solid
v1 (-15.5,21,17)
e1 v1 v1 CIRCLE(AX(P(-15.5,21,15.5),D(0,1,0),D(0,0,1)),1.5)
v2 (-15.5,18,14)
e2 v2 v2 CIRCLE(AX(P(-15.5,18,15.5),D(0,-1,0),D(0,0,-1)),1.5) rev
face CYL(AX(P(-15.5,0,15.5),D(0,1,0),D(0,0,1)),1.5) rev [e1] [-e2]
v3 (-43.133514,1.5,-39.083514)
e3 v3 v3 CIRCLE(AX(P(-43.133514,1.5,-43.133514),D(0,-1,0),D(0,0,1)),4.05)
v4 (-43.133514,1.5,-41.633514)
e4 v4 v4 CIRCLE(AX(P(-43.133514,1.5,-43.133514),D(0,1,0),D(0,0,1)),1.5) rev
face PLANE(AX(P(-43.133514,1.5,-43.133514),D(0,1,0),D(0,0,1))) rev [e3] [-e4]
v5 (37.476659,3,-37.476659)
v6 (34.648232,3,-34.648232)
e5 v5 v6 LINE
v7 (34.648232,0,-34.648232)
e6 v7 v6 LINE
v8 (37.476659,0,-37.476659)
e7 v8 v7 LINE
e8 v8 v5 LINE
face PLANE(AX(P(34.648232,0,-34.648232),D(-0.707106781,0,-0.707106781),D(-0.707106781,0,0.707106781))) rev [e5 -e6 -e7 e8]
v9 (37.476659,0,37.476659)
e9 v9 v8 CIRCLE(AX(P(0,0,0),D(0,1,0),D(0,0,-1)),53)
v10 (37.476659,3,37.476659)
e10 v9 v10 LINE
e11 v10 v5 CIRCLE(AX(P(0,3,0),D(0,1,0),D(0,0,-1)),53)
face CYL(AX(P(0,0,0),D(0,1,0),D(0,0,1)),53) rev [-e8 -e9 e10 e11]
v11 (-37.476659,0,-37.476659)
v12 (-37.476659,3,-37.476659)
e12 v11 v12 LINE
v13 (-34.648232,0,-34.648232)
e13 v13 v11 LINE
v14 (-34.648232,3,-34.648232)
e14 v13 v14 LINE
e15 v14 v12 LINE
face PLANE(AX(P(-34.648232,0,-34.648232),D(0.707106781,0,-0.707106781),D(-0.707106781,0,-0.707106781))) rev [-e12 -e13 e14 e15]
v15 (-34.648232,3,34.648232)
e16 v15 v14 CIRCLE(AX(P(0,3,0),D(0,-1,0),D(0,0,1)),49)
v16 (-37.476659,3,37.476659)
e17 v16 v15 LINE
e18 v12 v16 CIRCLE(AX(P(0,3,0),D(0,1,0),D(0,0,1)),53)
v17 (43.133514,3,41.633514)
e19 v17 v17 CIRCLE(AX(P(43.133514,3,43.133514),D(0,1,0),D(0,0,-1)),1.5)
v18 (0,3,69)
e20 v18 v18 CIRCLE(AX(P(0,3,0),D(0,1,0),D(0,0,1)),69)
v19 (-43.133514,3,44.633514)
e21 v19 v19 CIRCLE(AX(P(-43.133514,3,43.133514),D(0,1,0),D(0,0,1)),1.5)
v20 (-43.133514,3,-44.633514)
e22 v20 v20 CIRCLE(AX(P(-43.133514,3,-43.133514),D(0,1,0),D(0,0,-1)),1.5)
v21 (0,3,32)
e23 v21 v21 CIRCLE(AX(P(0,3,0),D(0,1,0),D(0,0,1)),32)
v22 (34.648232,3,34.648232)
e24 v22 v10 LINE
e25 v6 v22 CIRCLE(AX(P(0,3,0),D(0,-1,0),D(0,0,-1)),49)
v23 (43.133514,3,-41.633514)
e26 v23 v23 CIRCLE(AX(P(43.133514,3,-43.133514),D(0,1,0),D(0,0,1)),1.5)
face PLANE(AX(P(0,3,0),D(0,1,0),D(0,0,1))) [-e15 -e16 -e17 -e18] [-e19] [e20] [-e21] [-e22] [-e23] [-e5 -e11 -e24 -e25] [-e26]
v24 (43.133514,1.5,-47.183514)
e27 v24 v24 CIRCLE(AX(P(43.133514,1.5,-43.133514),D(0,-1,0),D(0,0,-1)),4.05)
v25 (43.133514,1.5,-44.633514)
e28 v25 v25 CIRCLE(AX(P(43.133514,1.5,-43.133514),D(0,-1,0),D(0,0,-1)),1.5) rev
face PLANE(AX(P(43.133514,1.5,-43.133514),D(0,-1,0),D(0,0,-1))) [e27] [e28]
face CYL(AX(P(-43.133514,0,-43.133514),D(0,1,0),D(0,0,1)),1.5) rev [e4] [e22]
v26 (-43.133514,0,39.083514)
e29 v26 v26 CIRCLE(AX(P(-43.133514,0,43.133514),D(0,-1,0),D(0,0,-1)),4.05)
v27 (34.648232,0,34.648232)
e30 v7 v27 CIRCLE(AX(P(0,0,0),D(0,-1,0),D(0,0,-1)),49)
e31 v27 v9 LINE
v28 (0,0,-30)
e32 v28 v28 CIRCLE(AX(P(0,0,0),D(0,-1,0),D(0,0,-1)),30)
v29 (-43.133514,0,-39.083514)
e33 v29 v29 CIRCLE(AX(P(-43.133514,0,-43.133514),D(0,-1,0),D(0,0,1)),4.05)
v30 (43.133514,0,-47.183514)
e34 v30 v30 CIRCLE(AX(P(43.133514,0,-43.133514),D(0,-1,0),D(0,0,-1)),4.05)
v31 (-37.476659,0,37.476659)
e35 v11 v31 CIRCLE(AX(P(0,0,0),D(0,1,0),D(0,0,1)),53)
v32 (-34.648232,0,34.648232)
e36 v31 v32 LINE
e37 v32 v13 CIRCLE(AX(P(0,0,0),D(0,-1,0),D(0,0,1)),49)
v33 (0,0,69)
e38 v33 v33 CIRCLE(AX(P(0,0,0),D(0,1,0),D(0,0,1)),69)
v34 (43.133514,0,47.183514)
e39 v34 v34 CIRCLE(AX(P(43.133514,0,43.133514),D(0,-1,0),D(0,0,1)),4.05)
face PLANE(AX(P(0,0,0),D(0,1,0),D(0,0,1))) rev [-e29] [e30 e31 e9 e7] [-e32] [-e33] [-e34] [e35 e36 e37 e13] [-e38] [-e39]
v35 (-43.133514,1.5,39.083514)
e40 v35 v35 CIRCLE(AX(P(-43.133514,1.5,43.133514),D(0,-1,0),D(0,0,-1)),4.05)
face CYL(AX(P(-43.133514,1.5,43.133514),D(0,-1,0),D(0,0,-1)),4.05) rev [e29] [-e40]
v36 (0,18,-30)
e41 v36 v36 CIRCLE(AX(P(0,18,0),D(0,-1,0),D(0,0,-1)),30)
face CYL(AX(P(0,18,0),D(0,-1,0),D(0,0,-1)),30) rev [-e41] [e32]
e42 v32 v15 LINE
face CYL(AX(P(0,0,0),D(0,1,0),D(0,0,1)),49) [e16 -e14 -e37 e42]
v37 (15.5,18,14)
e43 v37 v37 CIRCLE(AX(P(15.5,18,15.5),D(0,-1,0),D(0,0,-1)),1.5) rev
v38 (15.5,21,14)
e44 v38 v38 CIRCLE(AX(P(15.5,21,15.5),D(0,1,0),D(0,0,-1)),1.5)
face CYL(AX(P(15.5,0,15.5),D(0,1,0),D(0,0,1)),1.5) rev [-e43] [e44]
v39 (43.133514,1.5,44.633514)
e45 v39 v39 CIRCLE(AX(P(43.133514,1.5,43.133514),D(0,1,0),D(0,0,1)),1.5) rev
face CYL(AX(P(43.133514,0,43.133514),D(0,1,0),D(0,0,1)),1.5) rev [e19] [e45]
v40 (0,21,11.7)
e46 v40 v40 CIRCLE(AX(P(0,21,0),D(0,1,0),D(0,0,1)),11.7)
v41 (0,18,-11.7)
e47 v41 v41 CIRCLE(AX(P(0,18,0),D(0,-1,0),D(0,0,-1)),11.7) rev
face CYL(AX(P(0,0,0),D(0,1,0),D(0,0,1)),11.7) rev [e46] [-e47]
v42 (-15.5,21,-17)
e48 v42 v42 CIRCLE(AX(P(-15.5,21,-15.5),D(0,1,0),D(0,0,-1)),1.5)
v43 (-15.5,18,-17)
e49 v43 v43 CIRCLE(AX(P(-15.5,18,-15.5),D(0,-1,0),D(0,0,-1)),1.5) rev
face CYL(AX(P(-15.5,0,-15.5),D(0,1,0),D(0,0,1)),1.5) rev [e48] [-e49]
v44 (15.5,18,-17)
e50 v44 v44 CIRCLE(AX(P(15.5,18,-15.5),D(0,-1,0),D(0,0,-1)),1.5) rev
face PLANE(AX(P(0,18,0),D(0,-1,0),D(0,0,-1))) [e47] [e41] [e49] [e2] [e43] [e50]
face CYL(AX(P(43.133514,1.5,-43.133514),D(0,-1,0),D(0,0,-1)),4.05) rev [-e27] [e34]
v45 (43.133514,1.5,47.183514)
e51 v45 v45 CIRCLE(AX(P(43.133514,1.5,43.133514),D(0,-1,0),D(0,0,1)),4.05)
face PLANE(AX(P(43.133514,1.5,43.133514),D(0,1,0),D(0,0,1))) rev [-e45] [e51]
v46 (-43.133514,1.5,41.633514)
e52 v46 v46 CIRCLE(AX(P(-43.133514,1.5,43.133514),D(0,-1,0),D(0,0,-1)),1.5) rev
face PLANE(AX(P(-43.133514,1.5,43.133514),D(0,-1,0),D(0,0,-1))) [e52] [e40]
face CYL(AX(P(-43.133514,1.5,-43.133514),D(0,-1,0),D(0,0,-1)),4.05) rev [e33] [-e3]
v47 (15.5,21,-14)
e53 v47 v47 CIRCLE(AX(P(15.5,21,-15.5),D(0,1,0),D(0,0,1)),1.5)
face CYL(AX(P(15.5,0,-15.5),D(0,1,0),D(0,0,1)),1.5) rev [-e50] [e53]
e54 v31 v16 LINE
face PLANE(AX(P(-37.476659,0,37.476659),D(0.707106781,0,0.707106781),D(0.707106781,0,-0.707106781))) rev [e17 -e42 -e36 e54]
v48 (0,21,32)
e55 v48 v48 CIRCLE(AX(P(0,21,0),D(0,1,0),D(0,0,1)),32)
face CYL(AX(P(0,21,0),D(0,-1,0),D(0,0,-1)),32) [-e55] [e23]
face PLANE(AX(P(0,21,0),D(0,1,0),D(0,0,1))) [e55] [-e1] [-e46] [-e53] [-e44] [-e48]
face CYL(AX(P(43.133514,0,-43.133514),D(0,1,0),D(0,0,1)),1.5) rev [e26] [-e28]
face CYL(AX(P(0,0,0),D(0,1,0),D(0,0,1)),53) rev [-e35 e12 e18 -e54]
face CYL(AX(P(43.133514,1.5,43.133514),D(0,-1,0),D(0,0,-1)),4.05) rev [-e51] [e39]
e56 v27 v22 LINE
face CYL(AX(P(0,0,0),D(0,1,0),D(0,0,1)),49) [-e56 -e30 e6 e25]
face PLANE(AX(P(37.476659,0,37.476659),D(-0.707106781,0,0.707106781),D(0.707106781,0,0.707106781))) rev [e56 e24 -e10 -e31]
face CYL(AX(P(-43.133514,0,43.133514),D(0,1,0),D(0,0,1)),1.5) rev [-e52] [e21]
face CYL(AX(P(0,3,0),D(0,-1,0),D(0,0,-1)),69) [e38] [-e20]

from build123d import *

# Parameters (mm, degrees)
SKETCH1_R           = 69
BOSS_EXTRUDE1_DEPTH = 3
SKETCH2_R           = 32
BOSS_EXTRUDE2_DEPTH = 18
SKETCH3_R           = 11.7
SKETCH3_R_2         = 1.5
CUT_EXTRUDE1_DEPTH  = 22
SKETCH6_R           = 30
CUT_EXTRUDE3_DEPTH  = 18
SKETCH7_R           = 1.5
CUT_EXTRUDE5_DEPTH  = 4
SKETCH8_R           = 4.05
CUT_EXTRUDE6_DEPTH  = 1.5


with BuildPart() as part:
    # Sketch1 → Boss-Extrude1 (new body)
    with BuildSketch(Plane(origin=(0, 0, 0), x_dir=(1, 0, 0), z_dir=(0, 1, 0))):
        Circle(SKETCH1_R)
    extrude(amount=BOSS_EXTRUDE1_DEPTH)

    # Sketch2 → Boss-Extrude2 (add)
    with BuildSketch(Plane(origin=(0, 3, 0), x_dir=(1, 0, 0), z_dir=(0, 1, 0))):
        Circle(SKETCH2_R)
    extrude(amount=BOSS_EXTRUDE2_DEPTH)

    # Sketch3 → Cut-Extrude1 (cut, through all)
    with BuildSketch(Plane(origin=(0, 21, 0), x_dir=(1, 0, 0), z_dir=(0, 1, 0))):
        Circle(SKETCH3_R)
        with Locations((15.5, 15.5)):
            Circle(SKETCH3_R_2)
        with Locations((-15.5, 15.5)):
            Circle(SKETCH3_R_2)
        with Locations((15.5, -15.5)):
            Circle(SKETCH3_R_2)
        with Locations((-15.5, -15.5)):
            Circle(SKETCH3_R_2)
    extrude(amount=-CUT_EXTRUDE1_DEPTH, mode=Mode.SUBTRACT)

    # Sketch6 → Cut-Extrude3 (cut)
    with BuildSketch(Plane(origin=(0, 0, 0), x_dir=(-1, 0, 0), z_dir=(0, -1, 0))):
        Circle(SKETCH6_R)
    extrude(amount=-CUT_EXTRUDE3_DEPTH, mode=Mode.SUBTRACT)

    # Sketch7 → Cut-Extrude5 (cut, through all)
    with BuildSketch(Plane(origin=(0, 3, 0), x_dir=(1, 0, 0), z_dir=(0, 1, 0))):
        with Locations((43.133513652, 43.133513652)):
            Circle(SKETCH7_R)
        with Locations((43.133513652, -43.133513652)):
            Circle(SKETCH7_R)
        with Locations((-43.133513652, -43.133513652)):
            Circle(SKETCH7_R)
        with Locations((-43.133513652, 43.133513652)):
            Circle(SKETCH7_R)
        with BuildLine():
            Line((34.648232278, 34.648232278), (37.476659403, 37.476659403))
            ThreePointArc((37.476659403, 37.476659403), (53, 0), (37.476659403, -37.476659403))
            Line((37.476659403, -37.476659403), (34.648232278, -34.648232278))
            ThreePointArc((34.648232278, -34.648232278), (49, 0), (34.648232278, 34.648232278))
        make_face()
        with BuildLine():
            Line((-37.476659403, -37.476659403), (-34.648232278, -34.648232278))
            ThreePointArc((-34.648232278, -34.648232278), (-49, 0), (-34.648232278, 34.648232278))
            Line((-34.648232278, 34.648232278), (-37.476659403, 37.476659403))
            ThreePointArc((-37.476659403, 37.476659403), (-53, 0), (-37.476659403, -37.476659403))
        make_face()
    extrude(amount=-CUT_EXTRUDE5_DEPTH, mode=Mode.SUBTRACT)

    # Sketch8 → Cut-Extrude6 (cut)
    with BuildSketch(Plane.XZ):
        with Locations((-43.133513652, 43.133513652)):
            Circle(SKETCH8_R)
        with Locations((43.133513652, 43.133513652)):
            Circle(SKETCH8_R)
        with Locations((43.133513652, -43.133513652)):
            Circle(SKETCH8_R)
        with Locations((-43.133513652, -43.133513652)):
            Circle(SKETCH8_R)
    extrude(amount=-CUT_EXTRUDE6_DEPTH, mode=Mode.SUBTRACT)


solid = part.part
